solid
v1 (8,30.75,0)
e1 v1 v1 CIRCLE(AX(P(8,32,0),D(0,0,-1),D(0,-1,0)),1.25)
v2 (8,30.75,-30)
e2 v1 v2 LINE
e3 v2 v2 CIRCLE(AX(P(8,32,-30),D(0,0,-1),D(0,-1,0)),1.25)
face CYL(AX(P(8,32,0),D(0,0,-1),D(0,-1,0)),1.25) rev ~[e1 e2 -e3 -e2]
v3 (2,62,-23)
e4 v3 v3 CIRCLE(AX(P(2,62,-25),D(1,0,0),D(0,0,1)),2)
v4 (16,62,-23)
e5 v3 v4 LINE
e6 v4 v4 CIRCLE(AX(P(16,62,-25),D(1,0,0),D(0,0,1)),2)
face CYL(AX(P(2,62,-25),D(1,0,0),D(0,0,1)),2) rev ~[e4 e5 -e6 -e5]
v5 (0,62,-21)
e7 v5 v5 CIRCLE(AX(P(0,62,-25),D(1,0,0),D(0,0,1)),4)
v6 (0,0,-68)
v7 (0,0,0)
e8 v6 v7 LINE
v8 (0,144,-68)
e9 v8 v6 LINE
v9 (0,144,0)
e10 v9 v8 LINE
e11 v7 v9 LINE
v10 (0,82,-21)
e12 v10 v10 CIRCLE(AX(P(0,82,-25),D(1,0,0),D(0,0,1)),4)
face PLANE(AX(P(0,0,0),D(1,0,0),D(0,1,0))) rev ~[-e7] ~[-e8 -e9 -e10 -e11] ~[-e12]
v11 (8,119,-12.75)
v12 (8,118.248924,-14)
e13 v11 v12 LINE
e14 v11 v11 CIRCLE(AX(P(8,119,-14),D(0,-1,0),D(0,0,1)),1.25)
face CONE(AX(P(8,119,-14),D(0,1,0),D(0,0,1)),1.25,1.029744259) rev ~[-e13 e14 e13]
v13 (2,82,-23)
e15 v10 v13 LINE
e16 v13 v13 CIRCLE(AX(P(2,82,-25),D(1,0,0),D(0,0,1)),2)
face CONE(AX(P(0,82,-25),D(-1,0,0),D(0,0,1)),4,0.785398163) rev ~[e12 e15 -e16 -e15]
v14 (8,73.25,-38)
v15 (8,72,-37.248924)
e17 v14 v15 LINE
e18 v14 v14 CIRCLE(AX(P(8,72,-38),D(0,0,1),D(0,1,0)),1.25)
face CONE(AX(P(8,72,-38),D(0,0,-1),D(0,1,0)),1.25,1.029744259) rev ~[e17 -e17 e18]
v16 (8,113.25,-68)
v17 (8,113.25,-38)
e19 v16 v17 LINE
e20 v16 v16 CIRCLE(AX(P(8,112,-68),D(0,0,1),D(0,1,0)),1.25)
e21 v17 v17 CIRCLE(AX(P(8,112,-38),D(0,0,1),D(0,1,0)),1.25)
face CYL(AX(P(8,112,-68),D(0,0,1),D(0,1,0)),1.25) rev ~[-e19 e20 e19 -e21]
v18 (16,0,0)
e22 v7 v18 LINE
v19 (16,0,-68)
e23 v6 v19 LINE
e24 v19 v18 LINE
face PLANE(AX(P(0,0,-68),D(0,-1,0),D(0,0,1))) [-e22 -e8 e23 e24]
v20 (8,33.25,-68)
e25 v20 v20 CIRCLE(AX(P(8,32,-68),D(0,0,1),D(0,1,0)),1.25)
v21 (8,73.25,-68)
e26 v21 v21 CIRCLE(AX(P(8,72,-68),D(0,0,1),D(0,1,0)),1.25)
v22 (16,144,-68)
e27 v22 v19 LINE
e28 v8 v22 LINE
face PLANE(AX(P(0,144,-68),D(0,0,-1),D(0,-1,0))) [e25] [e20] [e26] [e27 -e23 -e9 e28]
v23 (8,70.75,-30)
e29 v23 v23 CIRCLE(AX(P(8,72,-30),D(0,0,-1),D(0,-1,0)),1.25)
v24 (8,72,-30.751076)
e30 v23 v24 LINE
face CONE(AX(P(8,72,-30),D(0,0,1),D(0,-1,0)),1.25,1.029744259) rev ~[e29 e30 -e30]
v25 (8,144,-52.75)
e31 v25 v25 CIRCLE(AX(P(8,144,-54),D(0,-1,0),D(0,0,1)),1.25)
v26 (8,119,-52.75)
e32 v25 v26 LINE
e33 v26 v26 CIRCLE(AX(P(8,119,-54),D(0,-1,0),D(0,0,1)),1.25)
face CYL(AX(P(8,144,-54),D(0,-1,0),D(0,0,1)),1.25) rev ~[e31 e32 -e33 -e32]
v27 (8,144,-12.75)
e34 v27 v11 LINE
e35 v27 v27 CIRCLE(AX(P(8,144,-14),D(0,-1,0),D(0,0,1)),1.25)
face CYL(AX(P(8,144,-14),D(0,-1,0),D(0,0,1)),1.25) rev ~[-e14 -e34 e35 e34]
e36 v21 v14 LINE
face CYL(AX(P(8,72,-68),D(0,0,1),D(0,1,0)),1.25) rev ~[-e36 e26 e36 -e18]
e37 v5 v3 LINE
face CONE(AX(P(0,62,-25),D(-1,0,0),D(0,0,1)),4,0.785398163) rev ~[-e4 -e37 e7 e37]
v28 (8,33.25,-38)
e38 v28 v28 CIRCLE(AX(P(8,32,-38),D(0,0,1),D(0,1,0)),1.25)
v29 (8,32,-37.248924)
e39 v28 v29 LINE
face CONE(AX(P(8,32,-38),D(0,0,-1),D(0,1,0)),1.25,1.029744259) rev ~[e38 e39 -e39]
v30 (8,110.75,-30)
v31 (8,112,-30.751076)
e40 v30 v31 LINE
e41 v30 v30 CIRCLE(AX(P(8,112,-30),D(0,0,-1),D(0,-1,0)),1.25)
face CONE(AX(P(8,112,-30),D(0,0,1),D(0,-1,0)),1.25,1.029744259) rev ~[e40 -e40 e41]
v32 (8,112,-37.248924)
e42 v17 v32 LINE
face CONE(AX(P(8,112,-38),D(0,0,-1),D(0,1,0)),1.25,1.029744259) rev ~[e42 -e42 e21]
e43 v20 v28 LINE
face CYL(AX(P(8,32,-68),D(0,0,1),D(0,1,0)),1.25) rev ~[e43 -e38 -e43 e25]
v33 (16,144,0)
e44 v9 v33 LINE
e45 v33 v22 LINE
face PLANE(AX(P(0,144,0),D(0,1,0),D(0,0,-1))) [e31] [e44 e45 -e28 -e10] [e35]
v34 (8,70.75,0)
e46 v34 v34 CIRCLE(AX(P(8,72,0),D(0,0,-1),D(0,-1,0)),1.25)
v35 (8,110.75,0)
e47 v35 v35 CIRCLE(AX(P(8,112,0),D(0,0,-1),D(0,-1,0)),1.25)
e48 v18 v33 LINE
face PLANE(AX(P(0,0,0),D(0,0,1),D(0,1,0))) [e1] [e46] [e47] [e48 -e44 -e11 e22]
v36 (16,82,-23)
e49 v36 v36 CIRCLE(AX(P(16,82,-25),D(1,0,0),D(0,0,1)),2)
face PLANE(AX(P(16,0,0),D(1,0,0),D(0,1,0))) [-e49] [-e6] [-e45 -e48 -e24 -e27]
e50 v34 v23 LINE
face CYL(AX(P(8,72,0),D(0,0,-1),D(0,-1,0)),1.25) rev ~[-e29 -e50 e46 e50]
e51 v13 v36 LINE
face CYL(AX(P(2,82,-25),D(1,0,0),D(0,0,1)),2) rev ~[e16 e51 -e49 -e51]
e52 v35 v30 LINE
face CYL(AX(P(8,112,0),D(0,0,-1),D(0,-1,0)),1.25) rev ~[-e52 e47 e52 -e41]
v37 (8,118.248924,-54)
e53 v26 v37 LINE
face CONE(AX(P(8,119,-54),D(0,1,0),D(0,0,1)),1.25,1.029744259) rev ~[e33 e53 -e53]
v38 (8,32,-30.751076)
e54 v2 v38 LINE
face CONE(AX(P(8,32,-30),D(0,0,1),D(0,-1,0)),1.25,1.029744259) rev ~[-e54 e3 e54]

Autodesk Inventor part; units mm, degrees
ref_plane "YZ Plane" through (0, 0, 0) normal (1, 0, 0) x (0, 1, 0)
ref_plane "XZ Plane" through (0, 0, 0) normal (0, 1, 0) x (-1, 0, 0)
ref_plane "XY Plane" through (0, 0, 0) normal (0, 0, 1) x (1, 0, 0)
sketch "Skizze1" plane through (0, 0, 0) normal (1, 0, 0) x (0, 1, 0)
  line L0 (0, 0) -> (144, 0)
  line L1 (144, 0) -> (144, -68)
  line L2 (144, -68) -> (0, -68)
  line L3 (0, -68) -> (0, 0)
  dimension "d0" = 144
  dimension "d1" = 68
extrude "Extrusion1" add sketch "Skizze1" along normal blind 16
sketch "Skizze2" plane through (0, 0, 0) normal (0, 0, 1) x (1, 0, 0)
  line L0 (0, 0) -> (0, 144) construction
  line L1 (0, 72) -> (16, 72) construction
  line L2 (16, 144) -> (16, 0) construction
  line L3 (0, 144) -> (16, 144) construction
  line L4 (8, 144) -> (8, 0) construction
  line L5 (0, 144) -> (16, 144) construction
  line L6 (0, 0) -> (16, 0) construction
  line L7 (0, 144) -> (16, 144) construction
  line L8 (16, 144) -> (16, 0) construction
  line L9 (16, 0) -> (0, 0) construction
  line L10 (0, 0) -> (0, 144) construction
  line L11 (0, 112) -> (16, 112) construction
  line L12 (0, 32) -> (16, 32) construction
  point P0 (8, 112)
  point P1 (8, 72)
  point P2 (8, 32)
  dimension "d4" = 40
  dimension "d5" = 40
hole "Bohrung1" at (8, 112, 0) at (8, 72, 0) at (8, 32, 0) direction (0, 0, -1) diameter 2.5 depth 30 tip angle 118
sketch "Skizze3" plane through (0, 144, 0) normal (0, 1, 0) x (1, 0, 0)
  line L0 (0, 0) -> (16, 0)
  line L1 (16, 0) -> (16, 68)
  line L2 (16, 68) -> (0, 68)
  line L3 (0, 68) -> (0, 0)
  line L4 (8, 0) -> (8, 68) construction
  line L5 (0, 68) -> (16, 68) construction
  line L6 (16, 0) -> (16, 68) construction
  line L7 (16, 34) -> (0, 34) construction
  line L8 (0, 68) -> (0, 0) construction
  line L9 (0, 14) -> (16, 14) construction
  line L10 (0, 54) -> (16, 54) construction
  point P0 (8, 14)
  point P1 (8, 54)
  dimension "d13" = 14
  dimension "d22" = 14
hole "Bohrung2" at (8, 144, -14) at (8, 144, -54) direction (0, -1, 0) diameter 2.5 depth 25 tip angle 118
sketch "Skizze4" plane through (0, 0, -68) normal (0, 0, -1) x (-1, 0, 0)
  line L0 (0, 0) -> (-16, 0) construction
  line L1 (-16, 0) -> (-16, 144) construction
  line L2 (-16, 144) -> (0, 144) construction
  line L3 (0, 144) -> (0, 0) construction
  line L4 (-8, 0) -> (-8, 144) construction
  line L5 (-16, 144) -> (-16, 0) construction
  line L6 (-16, 72) -> (0, 72) construction
  circle A0 centre (-8, 72) radius 1.25 construction
  point P0 (-8, 112)
  point P1 (-8, 32)
  dimension "d23" = 40
  dimension "d24" = 40
hole "Bohrung3" at (8, 72, -68) at (8, 112, -68) at (8, 32, -68) direction (0, 0, 1) diameter 2.5 depth 30 tip angle 118
sketch "Skizze6" plane through (0, 0, 0) normal (-1, 0, 0) x (0, 0, 1)
  line L0 (0, 0) -> (-68, 0) construction
  line L1 (-68, 0) -> (-68, 144) construction
  line L2 (-68, 144) -> (0, 144) construction
  line L3 (0, 144) -> (0, 0) construction
  line L4 (0, 144) -> (0, 0) construction
  line L5 (0, 72) -> (-68, 72) construction
  line L6 (-68, 70.75) -> (-68, 73.25) construction
  line L7 (0, 0) -> (-68, 0) construction
  line L8 (-34, 0) -> (-34, 144) construction
  line L9 (0, 144) -> (-68, 144) construction
  line L10 (-25, 82) -> (-25, 62) construction
  point P0 (-25, 72)
  dimension "d41" = 25
  dimension "d42" = 10
hole "Bohrung5" at (0, 82, -25) at (0, 62, -25) direction (1, 0, 0) diameter 4 end through all countersink diameter 8 countersink angle 90
equation "\"d48\" = Stärke"
equation "\"Biegeradius\" = Stärke"
equation "\"BreiteBiegungsfreistellung\" = Stärke"
equation "\"TiefeBiegungsfreistellung\" = 0.5 * Stärke"
equation "\"GrößeEckenfreistellung\" = 4 * Stärke"
equation "\"MinimalRest\" = 2 * Stärke"
equation "\"Übergangsradius\" = Biegeradius"
equation "\"JacobiRadiusGröße\" = Biegeradius"
equation "\"Abstandsgröße\" = Stärke"
equation "\"Stärke\" = 0.5"
properties part number "licht_200_side_left" material "Spanplatte"
